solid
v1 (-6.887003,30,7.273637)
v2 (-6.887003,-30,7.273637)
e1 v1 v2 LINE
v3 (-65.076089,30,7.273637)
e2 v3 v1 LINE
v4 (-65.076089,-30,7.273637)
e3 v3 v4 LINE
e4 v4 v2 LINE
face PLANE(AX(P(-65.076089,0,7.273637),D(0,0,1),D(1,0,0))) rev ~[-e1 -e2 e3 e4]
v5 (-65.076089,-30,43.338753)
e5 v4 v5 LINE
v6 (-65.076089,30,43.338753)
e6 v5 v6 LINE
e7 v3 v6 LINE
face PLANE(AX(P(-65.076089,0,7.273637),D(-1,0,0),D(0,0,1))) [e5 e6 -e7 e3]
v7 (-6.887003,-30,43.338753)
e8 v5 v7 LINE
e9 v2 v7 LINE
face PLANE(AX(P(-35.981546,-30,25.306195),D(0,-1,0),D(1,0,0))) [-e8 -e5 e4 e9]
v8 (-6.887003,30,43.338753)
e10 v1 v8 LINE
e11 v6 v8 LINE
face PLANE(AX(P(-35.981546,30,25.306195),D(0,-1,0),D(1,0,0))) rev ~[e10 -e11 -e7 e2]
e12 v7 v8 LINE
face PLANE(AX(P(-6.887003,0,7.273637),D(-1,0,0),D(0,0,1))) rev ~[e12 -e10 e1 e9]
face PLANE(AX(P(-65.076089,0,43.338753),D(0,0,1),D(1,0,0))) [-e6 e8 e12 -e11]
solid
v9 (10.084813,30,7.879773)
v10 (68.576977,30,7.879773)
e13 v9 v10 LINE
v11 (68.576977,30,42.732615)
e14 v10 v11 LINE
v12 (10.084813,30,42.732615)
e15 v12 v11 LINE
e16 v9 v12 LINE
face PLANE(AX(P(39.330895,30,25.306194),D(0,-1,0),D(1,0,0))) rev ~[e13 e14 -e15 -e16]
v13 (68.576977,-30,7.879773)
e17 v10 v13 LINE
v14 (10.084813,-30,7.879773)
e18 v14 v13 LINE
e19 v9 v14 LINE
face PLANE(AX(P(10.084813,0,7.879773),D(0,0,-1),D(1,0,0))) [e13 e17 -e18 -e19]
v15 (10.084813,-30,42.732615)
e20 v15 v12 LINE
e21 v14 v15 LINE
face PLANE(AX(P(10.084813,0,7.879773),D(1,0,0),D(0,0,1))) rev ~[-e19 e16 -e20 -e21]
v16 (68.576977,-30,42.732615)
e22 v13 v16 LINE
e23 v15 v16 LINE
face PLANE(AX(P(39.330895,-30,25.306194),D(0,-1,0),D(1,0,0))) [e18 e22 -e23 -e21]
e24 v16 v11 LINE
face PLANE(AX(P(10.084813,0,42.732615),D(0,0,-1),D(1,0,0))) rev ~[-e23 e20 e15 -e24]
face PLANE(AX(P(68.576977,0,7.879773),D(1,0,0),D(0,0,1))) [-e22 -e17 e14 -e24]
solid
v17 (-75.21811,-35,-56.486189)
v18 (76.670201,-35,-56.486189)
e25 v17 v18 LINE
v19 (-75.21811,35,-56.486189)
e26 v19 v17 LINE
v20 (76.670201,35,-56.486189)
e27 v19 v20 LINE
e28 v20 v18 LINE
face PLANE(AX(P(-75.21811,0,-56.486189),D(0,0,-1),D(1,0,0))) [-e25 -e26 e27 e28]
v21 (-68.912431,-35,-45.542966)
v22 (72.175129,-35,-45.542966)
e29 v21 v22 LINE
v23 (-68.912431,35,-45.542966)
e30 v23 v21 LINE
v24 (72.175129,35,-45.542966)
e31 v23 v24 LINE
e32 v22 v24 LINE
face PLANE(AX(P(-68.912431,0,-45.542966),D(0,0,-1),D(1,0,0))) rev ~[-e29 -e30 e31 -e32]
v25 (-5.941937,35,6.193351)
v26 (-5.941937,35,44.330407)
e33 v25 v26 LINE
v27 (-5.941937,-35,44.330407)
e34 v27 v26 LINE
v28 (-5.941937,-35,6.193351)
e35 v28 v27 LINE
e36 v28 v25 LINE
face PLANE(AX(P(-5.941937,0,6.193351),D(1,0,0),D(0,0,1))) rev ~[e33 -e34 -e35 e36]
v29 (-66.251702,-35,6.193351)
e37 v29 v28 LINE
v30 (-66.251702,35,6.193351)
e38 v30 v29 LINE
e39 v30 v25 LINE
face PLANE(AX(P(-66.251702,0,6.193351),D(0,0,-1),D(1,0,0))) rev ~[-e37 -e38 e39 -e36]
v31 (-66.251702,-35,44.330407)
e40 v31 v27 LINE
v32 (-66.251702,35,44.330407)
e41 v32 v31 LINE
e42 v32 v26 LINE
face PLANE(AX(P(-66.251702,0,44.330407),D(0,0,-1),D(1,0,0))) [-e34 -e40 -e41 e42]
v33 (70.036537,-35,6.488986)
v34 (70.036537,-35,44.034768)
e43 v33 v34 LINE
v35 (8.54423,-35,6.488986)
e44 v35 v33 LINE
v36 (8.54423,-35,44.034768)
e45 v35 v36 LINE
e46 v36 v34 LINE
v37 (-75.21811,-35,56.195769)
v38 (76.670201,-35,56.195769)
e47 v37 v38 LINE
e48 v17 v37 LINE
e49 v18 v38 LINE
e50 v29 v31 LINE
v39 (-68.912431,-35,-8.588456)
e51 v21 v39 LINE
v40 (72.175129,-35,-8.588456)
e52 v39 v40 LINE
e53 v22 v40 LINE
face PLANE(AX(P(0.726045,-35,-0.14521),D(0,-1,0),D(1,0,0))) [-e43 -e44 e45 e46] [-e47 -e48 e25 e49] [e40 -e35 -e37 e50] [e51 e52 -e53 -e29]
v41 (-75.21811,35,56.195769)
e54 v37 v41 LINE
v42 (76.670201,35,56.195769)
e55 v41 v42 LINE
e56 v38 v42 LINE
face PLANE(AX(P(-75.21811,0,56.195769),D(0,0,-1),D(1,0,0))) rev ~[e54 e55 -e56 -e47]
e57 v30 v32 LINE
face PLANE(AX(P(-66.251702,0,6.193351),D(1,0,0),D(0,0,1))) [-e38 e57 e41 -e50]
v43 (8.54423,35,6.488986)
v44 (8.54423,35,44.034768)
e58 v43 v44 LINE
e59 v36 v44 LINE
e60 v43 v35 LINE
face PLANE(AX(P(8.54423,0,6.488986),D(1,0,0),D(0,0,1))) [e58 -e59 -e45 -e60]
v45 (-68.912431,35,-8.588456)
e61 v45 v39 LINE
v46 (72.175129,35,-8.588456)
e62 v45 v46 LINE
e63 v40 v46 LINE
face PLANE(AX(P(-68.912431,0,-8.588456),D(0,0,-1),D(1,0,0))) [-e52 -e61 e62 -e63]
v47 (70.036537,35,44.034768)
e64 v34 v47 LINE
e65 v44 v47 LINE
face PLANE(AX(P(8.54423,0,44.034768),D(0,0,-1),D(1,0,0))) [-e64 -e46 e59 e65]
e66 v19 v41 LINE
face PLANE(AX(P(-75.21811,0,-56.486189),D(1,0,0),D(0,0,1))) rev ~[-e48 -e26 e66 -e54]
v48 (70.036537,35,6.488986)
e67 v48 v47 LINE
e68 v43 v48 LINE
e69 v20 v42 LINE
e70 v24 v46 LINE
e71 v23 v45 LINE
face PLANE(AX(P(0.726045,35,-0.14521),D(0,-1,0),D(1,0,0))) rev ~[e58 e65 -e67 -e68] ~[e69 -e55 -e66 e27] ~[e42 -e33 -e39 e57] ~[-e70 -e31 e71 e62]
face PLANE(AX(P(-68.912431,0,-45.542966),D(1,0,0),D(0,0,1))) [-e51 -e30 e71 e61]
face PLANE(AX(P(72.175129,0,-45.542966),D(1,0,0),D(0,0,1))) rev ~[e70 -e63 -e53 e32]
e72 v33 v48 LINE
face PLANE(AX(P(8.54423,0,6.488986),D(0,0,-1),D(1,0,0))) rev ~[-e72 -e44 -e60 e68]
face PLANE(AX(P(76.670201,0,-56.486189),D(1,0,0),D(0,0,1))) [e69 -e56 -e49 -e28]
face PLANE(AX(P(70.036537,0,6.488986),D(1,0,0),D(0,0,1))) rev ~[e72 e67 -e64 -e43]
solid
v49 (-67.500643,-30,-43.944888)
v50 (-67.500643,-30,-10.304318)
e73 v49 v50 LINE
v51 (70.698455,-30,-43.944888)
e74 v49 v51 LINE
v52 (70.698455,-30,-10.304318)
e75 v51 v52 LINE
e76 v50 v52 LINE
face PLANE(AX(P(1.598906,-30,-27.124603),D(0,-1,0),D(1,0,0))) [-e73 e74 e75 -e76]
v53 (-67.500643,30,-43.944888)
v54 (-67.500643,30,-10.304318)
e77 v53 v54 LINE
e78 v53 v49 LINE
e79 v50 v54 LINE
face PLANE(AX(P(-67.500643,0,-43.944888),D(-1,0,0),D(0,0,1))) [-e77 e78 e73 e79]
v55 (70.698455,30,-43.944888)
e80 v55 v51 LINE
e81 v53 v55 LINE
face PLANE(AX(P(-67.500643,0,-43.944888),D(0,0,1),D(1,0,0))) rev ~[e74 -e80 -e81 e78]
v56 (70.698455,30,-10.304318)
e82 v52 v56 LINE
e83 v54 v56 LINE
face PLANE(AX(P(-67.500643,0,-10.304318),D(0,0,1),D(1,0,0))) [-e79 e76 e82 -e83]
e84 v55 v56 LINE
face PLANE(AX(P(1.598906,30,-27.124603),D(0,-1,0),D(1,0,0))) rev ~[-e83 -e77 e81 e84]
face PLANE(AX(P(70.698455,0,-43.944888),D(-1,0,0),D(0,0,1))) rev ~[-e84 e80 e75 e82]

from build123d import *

# Parameters (mm, degrees)
F0_W     = 151.888311
F0_H     = 112.681958
F0_W_2   = 141.087561
F0_H_2   = 36.954511
F0_W_3   = 60.309765
F0_H_3   = 38.137057
F0_W_4   = 61.492307
F0_H_4   = 37.545782
F1_DEPTH = 35
F2_W     = 138.199098
F2_H     = 33.64057
F2_W_2   = 58.189087
F2_H_2   = 36.065116
F2_W_3   = 58.492163
F2_H_3   = 34.852842
F3_DEPTH = 30


with BuildPart() as f1:
    # F0 (on Front) → F1 (new body, symmetric)
    with BuildSketch(Plane.XZ):
        with Locations((0.726045, -0.14521)):
            Rectangle(F0_W, F0_H)
        with Locations((1.631349, -27.065711)):
            Rectangle(F0_W_2, F0_H_2, mode=Mode.SUBTRACT)
        with Locations((-36.09682, 25.261879)):
            Rectangle(F0_W_3, F0_H_3, mode=Mode.SUBTRACT)
        with Locations((39.290384, 25.261877)):
            Rectangle(F0_W_4, F0_H_4, mode=Mode.SUBTRACT)
    extrude(amount=F1_DEPTH, both=True)


with BuildPart() as f3:
    # F2 (on Front) → F3 (new body, symmetric)
    with BuildSketch(Plane.XZ):
        with Locations((1.598906, -27.124603)):
            Rectangle(F2_W, F2_H)
        with Locations((-35.981546, 25.306195)):
            Rectangle(F2_W_2, F2_H_2)
        with Locations((39.330895, 25.306194)):
            Rectangle(F2_W_3, F2_H_3)
    extrude(amount=F3_DEPTH, both=True)


solid = Compound([f1.part, f3.part])
